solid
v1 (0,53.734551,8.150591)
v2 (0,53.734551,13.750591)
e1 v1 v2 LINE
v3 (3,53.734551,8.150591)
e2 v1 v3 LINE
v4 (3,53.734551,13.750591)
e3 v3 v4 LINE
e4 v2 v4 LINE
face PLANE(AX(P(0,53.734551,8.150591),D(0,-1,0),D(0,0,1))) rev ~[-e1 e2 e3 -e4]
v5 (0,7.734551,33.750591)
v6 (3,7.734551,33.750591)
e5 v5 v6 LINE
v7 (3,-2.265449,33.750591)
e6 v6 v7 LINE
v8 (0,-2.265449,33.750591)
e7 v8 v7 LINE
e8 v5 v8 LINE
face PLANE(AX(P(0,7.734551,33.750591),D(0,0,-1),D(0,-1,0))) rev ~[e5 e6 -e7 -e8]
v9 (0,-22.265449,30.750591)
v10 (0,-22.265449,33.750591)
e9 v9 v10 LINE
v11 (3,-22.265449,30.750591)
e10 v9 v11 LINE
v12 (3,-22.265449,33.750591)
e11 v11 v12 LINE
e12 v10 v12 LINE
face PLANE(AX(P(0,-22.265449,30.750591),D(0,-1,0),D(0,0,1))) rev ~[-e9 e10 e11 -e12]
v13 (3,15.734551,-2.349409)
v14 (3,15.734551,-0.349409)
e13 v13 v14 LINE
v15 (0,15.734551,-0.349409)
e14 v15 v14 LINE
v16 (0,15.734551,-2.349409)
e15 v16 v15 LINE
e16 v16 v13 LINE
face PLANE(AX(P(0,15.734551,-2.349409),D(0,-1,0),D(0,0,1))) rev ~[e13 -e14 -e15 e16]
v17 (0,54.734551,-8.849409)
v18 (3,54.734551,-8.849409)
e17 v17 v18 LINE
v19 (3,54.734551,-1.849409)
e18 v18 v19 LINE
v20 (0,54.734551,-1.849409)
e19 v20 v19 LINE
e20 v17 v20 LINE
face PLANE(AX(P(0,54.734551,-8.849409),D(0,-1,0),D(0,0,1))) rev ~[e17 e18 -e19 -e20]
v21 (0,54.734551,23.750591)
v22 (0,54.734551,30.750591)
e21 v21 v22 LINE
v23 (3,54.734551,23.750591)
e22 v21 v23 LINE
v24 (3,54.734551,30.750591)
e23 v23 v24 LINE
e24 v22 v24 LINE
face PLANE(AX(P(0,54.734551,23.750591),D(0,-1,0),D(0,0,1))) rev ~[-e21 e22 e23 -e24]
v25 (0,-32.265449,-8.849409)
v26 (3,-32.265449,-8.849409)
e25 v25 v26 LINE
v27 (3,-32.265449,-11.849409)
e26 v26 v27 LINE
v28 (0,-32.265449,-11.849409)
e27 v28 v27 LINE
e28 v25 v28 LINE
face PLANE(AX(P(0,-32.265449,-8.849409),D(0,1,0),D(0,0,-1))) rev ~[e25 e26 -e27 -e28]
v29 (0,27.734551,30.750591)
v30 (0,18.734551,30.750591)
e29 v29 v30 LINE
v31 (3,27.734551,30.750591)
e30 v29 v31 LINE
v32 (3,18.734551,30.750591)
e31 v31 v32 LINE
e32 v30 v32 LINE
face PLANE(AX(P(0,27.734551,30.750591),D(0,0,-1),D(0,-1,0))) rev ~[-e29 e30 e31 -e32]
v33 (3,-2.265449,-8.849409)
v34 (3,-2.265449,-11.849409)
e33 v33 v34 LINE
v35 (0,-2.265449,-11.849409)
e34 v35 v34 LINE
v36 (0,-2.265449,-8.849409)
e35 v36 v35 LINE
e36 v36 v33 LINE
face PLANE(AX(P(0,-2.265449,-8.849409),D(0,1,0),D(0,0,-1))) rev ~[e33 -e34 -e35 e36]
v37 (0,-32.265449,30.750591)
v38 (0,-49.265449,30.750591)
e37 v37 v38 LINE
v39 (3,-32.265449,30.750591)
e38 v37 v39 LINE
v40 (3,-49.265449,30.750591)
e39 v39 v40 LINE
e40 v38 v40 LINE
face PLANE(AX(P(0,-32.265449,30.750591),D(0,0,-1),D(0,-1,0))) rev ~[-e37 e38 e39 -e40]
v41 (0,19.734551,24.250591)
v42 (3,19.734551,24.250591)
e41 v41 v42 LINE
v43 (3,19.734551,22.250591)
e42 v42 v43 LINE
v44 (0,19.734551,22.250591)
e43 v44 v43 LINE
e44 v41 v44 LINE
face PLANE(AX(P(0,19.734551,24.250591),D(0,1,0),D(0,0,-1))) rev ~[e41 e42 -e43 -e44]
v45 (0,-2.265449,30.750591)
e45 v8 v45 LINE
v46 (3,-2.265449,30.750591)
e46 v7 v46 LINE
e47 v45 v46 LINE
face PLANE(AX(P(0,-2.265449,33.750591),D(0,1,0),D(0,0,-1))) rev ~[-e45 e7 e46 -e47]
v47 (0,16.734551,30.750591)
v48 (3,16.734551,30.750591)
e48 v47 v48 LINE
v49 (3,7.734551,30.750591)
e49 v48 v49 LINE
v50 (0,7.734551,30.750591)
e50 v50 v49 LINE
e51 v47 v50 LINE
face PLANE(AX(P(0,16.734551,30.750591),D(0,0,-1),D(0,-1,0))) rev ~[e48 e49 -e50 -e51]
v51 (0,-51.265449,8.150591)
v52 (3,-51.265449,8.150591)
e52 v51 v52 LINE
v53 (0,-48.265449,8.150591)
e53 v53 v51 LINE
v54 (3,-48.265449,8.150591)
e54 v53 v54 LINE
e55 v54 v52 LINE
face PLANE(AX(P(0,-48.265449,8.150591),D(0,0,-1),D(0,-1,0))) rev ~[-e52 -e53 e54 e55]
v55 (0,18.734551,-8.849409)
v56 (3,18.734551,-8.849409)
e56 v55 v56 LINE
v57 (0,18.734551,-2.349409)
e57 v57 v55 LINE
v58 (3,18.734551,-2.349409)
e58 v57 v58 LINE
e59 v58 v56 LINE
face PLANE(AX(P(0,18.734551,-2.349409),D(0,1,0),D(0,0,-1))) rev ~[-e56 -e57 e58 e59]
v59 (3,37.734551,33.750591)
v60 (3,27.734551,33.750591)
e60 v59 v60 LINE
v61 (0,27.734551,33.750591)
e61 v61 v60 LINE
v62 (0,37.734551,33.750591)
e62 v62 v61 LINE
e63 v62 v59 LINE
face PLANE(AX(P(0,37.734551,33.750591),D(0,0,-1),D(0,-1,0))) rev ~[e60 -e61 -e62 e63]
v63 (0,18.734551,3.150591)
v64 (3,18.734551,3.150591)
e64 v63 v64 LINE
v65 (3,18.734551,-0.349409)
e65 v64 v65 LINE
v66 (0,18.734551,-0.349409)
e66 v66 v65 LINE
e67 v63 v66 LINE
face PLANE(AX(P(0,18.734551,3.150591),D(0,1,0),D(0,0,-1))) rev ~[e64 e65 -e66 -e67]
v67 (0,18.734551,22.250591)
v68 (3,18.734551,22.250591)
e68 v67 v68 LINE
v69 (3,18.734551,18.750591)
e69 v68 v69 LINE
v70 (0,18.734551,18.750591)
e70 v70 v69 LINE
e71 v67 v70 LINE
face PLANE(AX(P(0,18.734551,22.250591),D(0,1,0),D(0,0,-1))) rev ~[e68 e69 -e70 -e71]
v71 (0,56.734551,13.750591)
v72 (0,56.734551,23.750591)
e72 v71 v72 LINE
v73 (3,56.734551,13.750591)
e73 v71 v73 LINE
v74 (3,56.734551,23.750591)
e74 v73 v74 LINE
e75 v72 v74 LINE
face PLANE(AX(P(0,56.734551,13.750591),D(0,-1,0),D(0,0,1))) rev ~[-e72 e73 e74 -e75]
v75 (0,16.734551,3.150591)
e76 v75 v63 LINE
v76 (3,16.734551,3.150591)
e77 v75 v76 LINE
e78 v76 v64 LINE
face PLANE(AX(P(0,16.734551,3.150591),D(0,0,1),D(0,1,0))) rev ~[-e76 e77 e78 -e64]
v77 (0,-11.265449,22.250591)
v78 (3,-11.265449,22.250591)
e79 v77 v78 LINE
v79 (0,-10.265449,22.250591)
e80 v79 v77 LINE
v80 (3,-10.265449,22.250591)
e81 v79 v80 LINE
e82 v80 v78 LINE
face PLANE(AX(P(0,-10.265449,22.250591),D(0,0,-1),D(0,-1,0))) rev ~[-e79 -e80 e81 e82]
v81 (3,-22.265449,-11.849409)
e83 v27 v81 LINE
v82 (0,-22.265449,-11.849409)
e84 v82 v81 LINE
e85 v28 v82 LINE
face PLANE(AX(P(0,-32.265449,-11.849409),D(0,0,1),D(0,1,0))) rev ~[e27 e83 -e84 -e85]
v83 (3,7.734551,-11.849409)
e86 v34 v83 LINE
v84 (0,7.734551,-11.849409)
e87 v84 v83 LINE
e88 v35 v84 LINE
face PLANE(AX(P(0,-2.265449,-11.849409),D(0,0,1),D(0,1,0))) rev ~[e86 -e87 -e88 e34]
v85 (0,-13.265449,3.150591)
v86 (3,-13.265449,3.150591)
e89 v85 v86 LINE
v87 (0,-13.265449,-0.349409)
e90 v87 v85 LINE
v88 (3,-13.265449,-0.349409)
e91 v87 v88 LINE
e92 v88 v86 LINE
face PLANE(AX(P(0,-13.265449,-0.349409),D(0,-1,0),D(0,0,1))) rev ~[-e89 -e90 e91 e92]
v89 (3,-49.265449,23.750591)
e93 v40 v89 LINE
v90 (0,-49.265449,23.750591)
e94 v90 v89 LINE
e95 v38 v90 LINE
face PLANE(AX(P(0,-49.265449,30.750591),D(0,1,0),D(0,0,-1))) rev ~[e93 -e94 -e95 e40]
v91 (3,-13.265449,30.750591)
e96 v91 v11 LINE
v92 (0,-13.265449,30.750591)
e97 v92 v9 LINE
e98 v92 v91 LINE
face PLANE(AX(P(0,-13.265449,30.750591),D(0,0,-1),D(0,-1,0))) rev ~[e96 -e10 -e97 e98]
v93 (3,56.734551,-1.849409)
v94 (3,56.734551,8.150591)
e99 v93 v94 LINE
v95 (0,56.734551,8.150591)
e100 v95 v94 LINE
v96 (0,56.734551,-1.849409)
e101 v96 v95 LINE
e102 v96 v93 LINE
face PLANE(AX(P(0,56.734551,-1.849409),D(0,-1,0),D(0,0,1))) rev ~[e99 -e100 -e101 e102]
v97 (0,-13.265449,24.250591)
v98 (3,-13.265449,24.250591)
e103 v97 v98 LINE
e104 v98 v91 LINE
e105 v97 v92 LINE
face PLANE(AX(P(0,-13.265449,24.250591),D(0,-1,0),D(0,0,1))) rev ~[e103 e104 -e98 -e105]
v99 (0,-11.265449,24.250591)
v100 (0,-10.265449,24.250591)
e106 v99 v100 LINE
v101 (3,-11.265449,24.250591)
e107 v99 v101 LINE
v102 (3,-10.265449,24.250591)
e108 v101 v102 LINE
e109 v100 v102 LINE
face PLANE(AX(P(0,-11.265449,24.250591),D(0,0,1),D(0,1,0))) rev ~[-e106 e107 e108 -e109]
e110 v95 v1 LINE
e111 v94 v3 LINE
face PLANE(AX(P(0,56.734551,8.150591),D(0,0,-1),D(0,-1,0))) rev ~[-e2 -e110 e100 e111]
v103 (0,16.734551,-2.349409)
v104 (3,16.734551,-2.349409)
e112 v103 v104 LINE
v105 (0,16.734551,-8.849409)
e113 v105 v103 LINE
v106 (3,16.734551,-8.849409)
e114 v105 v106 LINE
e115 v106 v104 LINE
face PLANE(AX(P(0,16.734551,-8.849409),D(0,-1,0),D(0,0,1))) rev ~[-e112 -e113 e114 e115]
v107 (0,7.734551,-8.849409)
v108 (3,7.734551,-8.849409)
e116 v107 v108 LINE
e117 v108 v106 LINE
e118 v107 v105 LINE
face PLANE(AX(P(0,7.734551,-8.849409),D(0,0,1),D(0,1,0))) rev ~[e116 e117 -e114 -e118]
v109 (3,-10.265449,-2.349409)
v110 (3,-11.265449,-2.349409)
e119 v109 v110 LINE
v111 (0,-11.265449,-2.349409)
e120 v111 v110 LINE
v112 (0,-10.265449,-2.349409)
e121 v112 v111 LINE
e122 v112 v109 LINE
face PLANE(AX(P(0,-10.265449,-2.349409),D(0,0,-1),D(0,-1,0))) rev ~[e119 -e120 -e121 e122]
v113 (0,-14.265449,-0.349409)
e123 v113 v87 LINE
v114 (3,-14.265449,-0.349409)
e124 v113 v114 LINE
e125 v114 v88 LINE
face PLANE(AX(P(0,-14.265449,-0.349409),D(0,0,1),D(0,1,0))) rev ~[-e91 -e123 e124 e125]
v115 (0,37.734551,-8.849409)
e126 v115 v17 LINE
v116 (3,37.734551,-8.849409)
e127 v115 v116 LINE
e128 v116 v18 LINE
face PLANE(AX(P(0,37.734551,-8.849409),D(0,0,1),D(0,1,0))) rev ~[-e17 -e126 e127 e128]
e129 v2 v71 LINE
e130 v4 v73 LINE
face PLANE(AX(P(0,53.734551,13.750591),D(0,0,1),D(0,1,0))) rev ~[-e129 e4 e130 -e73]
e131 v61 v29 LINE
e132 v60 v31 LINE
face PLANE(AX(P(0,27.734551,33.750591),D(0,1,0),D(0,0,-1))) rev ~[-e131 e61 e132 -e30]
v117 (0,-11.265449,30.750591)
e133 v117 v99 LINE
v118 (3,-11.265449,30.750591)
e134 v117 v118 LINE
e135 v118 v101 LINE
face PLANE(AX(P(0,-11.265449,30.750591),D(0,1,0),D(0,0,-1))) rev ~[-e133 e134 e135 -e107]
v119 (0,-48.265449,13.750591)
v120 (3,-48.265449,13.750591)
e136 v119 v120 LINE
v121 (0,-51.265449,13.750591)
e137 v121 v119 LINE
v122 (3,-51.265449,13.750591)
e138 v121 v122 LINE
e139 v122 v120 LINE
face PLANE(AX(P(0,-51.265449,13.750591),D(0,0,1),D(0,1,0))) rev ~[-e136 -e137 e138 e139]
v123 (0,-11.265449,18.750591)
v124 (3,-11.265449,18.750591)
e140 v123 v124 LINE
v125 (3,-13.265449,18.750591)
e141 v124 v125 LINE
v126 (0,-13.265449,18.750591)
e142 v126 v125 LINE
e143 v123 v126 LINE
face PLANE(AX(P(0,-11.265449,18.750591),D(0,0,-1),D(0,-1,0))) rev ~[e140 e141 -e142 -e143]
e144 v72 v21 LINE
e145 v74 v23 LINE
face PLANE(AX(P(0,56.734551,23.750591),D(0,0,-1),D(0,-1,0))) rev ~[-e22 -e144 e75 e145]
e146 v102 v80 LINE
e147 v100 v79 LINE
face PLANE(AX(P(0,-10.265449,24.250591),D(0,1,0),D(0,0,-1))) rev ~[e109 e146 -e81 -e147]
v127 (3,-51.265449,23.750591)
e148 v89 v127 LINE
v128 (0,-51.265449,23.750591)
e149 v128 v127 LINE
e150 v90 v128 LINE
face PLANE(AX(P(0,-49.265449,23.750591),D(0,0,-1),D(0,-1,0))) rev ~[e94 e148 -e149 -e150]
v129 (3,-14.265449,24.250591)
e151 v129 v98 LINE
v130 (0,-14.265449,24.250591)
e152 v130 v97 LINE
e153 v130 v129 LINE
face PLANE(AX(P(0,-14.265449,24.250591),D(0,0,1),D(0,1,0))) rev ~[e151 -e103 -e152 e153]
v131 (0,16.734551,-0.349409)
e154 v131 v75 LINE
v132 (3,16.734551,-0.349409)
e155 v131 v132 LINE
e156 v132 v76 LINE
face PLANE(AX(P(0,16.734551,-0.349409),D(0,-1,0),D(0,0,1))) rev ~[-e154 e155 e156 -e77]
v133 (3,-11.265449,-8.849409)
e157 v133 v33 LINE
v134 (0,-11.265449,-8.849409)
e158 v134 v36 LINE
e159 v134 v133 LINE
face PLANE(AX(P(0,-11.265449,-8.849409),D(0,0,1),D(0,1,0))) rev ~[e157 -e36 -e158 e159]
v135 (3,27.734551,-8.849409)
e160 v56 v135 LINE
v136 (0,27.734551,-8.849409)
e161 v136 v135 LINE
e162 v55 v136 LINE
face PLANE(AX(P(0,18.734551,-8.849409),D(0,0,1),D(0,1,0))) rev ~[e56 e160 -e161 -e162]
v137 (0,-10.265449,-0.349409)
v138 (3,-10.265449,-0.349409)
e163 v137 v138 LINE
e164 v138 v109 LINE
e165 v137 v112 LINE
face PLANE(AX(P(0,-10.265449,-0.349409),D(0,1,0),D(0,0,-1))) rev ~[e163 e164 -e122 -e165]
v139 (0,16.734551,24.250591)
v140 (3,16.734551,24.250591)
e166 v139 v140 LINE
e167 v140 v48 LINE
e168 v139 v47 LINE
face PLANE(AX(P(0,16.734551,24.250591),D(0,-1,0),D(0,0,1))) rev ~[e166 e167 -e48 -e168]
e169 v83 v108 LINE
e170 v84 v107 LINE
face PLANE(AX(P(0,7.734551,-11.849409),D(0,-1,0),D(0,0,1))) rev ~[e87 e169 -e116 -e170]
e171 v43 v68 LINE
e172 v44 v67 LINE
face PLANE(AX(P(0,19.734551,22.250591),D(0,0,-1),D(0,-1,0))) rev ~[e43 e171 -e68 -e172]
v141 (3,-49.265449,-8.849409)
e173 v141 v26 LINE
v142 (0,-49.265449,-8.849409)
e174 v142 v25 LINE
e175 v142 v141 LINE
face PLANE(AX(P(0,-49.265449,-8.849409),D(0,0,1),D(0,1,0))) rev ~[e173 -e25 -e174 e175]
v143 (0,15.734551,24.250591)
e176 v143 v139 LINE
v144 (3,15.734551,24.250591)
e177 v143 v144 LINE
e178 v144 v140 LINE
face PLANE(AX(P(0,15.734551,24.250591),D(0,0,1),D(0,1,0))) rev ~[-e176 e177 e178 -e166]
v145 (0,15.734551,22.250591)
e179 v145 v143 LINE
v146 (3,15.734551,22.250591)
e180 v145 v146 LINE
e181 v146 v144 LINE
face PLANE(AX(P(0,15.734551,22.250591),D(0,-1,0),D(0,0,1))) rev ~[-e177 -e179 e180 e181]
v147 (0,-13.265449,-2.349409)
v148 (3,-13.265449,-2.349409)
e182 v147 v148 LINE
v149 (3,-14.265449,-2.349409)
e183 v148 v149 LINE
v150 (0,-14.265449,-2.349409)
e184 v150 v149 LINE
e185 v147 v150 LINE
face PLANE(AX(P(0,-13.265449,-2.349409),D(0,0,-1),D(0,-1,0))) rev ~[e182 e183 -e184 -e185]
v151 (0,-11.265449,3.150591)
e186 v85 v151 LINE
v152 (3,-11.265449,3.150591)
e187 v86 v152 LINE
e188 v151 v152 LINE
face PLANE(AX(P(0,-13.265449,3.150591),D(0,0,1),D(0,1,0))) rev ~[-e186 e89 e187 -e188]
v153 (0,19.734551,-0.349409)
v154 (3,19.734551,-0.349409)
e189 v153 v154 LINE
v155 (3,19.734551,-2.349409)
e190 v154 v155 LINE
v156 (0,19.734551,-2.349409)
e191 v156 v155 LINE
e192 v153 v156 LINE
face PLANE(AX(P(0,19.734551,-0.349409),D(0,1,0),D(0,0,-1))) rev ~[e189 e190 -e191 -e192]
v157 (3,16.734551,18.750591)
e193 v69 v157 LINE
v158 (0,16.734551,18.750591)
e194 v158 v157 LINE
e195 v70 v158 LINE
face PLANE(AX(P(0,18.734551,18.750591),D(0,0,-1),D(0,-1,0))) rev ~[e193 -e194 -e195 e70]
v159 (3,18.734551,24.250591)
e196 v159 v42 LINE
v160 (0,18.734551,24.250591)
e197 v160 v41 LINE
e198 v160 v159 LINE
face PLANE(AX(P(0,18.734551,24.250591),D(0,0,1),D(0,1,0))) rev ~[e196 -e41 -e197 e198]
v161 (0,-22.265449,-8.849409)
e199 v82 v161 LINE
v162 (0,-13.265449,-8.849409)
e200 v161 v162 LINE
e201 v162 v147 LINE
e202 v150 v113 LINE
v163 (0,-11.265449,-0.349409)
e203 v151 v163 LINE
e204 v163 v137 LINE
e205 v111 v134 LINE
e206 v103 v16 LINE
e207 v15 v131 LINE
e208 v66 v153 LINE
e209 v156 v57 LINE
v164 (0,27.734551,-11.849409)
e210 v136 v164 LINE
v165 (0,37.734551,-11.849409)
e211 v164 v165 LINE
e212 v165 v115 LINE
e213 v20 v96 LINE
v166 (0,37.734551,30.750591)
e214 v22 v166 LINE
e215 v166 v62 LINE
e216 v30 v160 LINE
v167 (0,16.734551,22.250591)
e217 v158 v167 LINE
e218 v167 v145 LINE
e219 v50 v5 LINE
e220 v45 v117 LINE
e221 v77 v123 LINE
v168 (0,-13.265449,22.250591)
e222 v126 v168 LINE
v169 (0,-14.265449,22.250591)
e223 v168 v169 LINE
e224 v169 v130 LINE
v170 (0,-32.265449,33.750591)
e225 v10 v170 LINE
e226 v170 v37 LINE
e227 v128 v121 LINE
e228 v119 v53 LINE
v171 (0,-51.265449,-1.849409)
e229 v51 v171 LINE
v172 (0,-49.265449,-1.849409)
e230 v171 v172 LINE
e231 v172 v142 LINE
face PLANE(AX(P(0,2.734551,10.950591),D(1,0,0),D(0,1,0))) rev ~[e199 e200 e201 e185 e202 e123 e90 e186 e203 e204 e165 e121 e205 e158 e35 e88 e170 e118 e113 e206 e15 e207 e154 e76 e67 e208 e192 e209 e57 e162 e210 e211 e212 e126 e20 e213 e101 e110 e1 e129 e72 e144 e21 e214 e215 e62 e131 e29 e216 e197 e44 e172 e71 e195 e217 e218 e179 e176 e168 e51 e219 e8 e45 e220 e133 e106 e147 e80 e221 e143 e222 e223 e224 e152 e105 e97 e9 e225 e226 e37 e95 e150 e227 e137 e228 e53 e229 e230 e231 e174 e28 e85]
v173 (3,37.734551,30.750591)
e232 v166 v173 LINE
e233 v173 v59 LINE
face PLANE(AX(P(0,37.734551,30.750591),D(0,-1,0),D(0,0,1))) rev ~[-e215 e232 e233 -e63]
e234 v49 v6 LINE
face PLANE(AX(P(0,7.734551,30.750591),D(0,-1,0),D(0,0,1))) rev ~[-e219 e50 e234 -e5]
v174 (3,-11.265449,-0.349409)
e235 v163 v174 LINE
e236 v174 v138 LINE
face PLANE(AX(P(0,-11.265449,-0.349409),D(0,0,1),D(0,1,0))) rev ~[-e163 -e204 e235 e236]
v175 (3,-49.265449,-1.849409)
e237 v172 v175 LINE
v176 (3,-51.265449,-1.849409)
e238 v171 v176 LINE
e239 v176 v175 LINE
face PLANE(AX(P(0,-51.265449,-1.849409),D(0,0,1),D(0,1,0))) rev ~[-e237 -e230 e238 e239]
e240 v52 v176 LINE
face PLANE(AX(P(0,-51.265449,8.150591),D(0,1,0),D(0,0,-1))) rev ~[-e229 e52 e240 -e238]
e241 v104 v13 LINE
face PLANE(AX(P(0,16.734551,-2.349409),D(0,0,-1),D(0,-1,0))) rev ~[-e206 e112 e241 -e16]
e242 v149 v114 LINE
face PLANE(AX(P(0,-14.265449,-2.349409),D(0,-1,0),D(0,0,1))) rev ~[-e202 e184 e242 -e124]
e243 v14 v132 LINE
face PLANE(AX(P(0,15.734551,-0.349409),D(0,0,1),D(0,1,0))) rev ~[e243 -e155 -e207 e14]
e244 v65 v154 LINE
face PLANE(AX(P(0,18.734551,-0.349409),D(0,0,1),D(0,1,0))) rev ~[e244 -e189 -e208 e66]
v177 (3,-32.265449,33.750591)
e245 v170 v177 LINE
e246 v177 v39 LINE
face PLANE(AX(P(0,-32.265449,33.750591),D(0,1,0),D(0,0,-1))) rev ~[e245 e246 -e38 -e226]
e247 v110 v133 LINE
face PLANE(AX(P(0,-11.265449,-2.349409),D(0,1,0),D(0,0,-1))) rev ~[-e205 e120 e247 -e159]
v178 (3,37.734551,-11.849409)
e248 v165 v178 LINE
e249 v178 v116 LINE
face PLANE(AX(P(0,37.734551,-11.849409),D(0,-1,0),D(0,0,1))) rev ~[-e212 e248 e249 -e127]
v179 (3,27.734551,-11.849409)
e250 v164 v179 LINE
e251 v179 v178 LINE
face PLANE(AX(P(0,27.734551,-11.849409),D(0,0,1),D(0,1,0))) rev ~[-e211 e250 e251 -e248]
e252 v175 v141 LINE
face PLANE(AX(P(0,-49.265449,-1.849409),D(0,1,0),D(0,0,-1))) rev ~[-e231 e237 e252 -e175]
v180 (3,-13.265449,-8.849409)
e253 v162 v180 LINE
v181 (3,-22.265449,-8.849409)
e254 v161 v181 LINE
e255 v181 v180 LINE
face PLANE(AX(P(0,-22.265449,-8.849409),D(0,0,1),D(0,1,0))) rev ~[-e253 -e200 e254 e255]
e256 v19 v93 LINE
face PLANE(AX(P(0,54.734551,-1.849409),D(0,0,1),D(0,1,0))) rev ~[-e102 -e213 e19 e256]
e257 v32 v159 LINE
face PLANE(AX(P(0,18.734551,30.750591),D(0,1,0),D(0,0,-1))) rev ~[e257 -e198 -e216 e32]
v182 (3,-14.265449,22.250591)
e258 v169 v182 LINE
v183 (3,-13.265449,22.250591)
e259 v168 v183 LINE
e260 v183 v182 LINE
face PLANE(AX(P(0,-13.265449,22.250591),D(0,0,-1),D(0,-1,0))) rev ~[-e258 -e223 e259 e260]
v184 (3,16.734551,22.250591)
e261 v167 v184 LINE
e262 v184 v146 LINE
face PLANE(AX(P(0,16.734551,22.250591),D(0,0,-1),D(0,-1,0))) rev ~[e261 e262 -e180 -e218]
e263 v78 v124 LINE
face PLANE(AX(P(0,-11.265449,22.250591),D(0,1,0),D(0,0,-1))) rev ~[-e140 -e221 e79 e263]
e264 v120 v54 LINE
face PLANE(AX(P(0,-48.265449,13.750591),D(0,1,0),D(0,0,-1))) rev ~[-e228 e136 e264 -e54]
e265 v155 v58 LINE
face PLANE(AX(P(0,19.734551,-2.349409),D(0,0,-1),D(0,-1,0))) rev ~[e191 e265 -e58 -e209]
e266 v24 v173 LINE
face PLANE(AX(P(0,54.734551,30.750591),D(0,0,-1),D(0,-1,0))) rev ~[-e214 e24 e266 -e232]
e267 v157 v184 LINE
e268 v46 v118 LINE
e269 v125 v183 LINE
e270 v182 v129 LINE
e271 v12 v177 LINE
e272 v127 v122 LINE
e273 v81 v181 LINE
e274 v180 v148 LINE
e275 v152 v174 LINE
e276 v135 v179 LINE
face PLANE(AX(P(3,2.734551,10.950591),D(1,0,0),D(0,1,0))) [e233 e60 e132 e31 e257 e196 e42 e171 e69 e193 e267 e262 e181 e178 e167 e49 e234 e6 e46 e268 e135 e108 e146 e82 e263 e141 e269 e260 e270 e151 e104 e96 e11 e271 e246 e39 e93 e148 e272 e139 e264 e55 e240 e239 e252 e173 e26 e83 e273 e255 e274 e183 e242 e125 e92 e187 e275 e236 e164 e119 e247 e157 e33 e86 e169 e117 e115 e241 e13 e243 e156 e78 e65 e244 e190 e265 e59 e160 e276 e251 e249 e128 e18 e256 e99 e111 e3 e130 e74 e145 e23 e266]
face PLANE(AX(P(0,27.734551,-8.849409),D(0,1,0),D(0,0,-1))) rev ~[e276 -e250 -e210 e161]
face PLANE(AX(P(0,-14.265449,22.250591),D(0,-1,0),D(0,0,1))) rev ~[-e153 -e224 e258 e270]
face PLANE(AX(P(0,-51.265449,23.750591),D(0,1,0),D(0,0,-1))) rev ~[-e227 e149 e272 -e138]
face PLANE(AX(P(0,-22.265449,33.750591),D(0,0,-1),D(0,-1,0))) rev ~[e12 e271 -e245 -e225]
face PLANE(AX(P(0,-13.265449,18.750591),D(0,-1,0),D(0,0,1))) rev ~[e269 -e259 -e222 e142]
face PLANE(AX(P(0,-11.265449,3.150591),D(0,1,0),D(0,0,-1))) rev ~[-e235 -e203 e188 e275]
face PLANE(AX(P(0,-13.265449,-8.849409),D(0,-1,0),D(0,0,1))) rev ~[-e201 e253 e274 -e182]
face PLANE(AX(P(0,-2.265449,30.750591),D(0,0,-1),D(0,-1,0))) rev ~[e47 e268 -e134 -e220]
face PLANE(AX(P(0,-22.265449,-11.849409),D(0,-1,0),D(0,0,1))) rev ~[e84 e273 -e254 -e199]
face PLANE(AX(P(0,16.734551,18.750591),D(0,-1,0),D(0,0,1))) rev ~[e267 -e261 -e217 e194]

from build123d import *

# Parameters (mm, degrees)
F1_DEPTH = 3


with BuildPart() as f1:
    # F0 (on Right) → F1 (new body)
    with BuildSketch(Plane.YZ):
        Polygon((16.734551, 18.750591), (16.734551, 22.250591), (15.734551, 22.250591), (15.734551, 24.250591), (16.734551, 24.250591), (16.734551, 30.750591), (7.734551, 30.750591), (7.734551, 33.750591), (2.734551, 33.750591), (-2.265449, 33.750591), (-2.265449, 30.750591), (-11.265449, 30.750591), (-11.265449, 24.250591), (-10.265449, 24.250591), (-10.265449, 22.250591), (-11.265449, 22.250591), (-11.265449, 18.750591), (-13.265449, 18.750591), (-13.265449, 22.250591), (-14.265449, 22.250591), (-14.265449, 24.250591), (-13.265449, 24.250591), (-13.265449, 30.750591), (-22.265449, 30.750591), (-22.265449, 33.750591), (-32.265449, 33.750591), (-32.265449, 30.750591), (-49.265449, 30.750591), (-49.265449, 23.750591), (-51.265449, 23.750591), (-51.265449, 13.750591), (-48.265449, 13.750591), (-48.265449, 10.950591), (-48.265449, 8.150591), (-51.265449, 8.150591), (-51.265449, -1.849409), (-49.265449, -1.849409), (-49.265449, -8.849409), (-32.265449, -8.849409), (-32.265449, -11.849409), (-22.265449, -11.849409), (-22.265449, -8.849409), (-13.265449, -8.849409), (-13.265449, -2.349409), (-14.265449, -2.349409), (-14.265449, -0.349409), (-13.265449, -0.349409), (-13.265449, 3.150591), (-11.265449, 3.150591), (-11.265449, -0.349409), (-10.265449, -0.349409), (-10.265449, -2.349409), (-11.265449, -2.349409), (-11.265449, -8.849409), (-2.265449, -8.849409), (-2.265449, -11.849409), (2.734551, -11.849409), (7.734551, -11.849409), (7.734551, -8.849409), (16.734551, -8.849409), (16.734551, -2.349409), (15.734551, -2.349409), (15.734551, -0.349409), (16.734551, -0.349409), (16.734551, 3.150591), (18.734551, 3.150591), (18.734551, -0.349409), (19.734551, -0.349409), (19.734551, -2.349409), (18.734551, -2.349409), (18.734551, -8.849409), (27.734551, -8.849409), (27.734551, -11.849409), (37.734551, -11.849409), (37.734551, -8.849409), (54.734551, -8.849409), (54.734551, -1.849409), (56.734551, -1.849409), (56.734551, 8.150591), (53.734551, 8.150591), (53.734551, 10.950591), (53.734551, 13.750591), (56.734551, 13.750591), (56.734551, 23.750591), (54.734551, 23.750591), (54.734551, 30.750591), (37.734551, 30.750591), (37.734551, 33.750591), (27.734551, 33.750591), (27.734551, 30.750591), (18.734551, 30.750591), (18.734551, 24.250591), (19.734551, 24.250591), (19.734551, 22.250591), (18.734551, 22.250591), (18.734551, 18.750591), align=None)
    extrude(amount=F1_DEPTH)


solid = f1.part
